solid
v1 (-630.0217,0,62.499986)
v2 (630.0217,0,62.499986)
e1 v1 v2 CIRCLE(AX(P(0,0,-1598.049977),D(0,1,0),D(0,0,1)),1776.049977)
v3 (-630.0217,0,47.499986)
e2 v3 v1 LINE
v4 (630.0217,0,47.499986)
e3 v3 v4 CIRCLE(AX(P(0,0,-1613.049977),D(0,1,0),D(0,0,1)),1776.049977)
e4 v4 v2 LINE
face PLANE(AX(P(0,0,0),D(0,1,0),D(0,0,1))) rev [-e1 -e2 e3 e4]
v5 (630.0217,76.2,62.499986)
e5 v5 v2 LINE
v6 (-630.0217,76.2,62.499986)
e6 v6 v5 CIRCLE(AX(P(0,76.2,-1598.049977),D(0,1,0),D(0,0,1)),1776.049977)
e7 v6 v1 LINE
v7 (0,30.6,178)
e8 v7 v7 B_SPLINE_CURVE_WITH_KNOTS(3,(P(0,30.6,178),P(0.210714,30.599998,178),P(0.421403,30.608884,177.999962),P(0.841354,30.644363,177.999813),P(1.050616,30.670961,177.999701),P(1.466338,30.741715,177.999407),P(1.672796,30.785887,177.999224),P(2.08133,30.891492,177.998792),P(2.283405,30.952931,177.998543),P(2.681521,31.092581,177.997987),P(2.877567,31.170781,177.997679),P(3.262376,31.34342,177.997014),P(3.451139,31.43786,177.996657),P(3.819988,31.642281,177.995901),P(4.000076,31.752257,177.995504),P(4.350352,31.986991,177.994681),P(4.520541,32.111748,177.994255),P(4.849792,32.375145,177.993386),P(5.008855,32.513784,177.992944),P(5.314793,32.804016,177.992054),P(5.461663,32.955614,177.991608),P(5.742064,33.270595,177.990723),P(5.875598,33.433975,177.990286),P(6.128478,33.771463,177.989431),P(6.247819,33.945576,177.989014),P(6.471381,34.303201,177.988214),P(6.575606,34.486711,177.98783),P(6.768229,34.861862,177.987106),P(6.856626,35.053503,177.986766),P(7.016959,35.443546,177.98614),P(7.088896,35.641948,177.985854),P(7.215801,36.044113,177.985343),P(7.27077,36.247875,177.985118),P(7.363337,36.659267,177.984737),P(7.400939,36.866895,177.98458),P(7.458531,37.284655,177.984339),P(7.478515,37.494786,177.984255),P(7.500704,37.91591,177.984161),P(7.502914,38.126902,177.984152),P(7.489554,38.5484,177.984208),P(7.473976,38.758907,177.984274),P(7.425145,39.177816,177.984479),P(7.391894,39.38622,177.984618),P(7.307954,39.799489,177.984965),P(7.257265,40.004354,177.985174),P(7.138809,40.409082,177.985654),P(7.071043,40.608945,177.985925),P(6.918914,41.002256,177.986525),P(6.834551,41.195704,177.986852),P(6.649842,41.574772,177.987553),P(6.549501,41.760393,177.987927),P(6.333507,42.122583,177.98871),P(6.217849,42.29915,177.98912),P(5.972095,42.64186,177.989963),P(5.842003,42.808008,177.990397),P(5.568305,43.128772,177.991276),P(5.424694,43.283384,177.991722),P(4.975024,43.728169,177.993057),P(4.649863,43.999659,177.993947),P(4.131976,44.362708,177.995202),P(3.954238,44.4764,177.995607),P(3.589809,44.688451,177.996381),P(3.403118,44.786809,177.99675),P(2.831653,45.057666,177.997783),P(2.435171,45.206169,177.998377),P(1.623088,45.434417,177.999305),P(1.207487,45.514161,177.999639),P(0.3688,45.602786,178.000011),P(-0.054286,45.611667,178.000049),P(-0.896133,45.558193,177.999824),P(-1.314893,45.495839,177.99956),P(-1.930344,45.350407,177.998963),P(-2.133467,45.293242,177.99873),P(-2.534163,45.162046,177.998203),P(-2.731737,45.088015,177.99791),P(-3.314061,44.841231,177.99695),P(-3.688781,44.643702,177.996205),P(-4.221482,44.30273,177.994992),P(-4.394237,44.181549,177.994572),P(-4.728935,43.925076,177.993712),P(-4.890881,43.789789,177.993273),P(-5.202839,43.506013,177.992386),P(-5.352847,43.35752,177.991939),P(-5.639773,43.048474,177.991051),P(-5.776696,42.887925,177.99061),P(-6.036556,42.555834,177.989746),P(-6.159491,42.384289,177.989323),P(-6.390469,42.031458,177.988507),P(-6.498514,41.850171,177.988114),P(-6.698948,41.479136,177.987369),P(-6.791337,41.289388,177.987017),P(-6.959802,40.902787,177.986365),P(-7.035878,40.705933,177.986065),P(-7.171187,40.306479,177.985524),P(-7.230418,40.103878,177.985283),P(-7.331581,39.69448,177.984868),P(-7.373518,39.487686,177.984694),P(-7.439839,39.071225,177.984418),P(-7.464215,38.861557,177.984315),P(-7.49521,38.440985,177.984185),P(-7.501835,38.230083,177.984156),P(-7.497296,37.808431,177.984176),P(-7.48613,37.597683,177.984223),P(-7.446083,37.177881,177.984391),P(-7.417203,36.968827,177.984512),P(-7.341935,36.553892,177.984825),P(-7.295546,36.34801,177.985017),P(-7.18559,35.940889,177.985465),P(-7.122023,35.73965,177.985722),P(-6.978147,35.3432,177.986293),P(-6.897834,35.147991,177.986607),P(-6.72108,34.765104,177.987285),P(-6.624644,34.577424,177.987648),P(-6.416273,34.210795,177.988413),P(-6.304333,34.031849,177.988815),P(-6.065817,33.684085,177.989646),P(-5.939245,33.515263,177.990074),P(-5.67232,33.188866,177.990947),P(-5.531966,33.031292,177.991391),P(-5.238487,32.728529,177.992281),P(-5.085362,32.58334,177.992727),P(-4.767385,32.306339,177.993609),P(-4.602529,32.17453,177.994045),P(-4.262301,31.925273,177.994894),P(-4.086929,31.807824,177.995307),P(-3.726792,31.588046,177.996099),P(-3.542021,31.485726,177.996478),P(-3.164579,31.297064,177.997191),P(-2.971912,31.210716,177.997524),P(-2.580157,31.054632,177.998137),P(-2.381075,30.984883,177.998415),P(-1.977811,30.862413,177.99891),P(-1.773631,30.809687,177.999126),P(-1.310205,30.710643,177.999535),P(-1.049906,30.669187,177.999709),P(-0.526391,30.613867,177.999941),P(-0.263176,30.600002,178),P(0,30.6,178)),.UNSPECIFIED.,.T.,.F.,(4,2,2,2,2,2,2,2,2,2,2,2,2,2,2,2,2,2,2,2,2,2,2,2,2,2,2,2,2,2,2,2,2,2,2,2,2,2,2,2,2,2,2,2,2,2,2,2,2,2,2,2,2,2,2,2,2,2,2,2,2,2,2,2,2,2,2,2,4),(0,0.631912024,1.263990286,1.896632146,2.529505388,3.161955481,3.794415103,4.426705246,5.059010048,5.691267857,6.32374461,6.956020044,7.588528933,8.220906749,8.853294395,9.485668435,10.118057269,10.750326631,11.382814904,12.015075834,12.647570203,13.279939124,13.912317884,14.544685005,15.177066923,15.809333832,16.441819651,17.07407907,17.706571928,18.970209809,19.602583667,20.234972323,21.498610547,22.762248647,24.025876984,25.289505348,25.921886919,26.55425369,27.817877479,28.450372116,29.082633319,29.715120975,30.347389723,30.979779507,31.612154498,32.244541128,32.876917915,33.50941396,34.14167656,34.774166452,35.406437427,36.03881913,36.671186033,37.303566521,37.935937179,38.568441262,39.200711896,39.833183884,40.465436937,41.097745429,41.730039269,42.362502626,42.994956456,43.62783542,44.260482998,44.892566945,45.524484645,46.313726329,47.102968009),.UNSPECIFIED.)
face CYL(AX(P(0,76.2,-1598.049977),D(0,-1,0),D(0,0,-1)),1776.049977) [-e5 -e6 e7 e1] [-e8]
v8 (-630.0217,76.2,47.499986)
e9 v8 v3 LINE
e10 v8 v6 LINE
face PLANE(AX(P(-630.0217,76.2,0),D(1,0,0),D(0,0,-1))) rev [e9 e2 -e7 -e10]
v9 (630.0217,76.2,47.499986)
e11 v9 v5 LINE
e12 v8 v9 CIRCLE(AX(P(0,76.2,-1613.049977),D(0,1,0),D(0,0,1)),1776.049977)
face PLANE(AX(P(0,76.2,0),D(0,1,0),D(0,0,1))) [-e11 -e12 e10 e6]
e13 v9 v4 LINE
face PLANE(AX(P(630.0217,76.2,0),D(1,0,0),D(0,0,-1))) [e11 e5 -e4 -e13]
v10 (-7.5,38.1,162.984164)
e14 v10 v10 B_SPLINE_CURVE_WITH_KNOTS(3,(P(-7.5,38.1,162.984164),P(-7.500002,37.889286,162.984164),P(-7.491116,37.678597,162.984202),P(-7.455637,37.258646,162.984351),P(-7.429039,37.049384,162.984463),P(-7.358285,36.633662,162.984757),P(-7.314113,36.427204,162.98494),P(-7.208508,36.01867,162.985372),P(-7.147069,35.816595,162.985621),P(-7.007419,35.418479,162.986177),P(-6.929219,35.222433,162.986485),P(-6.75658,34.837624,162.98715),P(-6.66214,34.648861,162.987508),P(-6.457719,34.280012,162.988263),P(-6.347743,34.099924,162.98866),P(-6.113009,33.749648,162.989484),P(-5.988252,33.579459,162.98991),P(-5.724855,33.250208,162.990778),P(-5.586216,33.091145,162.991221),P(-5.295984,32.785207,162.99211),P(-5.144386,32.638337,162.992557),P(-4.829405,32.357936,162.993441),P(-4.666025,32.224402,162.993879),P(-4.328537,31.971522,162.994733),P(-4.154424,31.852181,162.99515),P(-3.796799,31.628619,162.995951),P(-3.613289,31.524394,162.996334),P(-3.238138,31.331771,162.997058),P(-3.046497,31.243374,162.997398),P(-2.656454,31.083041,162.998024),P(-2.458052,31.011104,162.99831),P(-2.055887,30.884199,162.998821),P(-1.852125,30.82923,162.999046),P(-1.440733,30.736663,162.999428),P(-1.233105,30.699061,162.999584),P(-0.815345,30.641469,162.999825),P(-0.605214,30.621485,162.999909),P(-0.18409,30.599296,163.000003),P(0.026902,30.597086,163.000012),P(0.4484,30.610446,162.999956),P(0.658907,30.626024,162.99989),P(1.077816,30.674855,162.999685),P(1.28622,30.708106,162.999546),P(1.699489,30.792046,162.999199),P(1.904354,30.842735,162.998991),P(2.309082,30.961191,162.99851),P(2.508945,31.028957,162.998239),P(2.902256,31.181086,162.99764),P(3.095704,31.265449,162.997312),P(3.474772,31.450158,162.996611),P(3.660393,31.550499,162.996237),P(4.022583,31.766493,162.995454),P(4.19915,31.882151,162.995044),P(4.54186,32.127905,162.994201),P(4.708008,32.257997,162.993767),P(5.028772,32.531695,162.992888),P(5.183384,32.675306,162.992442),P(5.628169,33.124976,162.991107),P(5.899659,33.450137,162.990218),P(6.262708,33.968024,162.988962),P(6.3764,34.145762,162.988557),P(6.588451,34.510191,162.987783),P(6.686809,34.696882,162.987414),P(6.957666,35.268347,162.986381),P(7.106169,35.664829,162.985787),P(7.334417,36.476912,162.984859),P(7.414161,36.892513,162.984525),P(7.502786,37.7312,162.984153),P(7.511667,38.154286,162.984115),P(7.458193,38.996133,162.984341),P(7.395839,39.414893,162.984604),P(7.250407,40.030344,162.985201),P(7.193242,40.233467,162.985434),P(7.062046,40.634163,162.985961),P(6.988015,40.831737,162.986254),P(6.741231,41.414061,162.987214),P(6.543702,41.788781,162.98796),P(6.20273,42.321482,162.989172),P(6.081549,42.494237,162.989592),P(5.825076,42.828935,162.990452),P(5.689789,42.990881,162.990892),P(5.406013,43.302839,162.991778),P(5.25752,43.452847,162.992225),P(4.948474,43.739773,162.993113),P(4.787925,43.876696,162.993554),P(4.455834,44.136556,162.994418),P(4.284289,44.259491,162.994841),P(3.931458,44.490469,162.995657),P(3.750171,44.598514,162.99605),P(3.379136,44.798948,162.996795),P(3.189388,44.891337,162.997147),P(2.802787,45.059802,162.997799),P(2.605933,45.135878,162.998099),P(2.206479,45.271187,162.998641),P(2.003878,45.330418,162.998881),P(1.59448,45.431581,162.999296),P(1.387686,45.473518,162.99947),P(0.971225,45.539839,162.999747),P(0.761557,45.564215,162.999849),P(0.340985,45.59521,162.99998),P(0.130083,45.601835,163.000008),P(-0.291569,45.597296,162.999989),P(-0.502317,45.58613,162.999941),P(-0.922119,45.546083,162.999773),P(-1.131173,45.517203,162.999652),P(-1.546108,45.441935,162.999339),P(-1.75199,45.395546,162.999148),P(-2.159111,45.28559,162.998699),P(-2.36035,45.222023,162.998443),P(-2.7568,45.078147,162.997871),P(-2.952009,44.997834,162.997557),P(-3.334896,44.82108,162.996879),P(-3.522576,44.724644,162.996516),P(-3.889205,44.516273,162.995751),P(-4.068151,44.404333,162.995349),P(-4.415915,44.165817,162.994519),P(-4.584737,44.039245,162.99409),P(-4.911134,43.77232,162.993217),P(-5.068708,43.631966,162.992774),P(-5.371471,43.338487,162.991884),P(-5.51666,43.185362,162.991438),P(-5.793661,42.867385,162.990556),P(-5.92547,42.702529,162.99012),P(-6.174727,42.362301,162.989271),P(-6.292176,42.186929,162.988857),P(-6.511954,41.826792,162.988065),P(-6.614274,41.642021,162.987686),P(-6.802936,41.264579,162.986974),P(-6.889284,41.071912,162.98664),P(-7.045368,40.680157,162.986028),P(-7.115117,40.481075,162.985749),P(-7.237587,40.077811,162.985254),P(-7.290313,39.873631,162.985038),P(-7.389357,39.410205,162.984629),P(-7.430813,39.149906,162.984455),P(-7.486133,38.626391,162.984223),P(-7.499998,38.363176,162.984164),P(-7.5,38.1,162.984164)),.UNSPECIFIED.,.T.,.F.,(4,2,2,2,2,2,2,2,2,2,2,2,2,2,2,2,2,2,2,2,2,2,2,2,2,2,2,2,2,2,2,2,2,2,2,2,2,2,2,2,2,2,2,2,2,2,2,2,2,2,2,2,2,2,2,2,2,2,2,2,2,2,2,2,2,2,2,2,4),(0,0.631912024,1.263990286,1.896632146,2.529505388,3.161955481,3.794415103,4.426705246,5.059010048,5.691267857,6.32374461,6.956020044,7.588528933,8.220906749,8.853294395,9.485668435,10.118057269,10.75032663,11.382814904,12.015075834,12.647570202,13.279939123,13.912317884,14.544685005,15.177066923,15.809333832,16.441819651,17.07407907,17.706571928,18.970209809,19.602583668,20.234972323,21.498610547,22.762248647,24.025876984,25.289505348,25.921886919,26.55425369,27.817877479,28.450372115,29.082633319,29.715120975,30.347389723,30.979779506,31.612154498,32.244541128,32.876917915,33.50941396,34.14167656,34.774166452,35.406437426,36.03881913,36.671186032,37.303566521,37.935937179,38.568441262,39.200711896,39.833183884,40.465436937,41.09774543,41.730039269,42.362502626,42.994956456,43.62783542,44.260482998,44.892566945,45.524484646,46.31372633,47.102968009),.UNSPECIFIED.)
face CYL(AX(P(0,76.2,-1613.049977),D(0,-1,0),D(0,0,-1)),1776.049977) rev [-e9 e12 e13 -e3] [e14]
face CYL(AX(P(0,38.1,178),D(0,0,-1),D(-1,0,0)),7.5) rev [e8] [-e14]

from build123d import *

# Parameters (mm, degrees)
BOSS_EXTRUDE1_DEPTH = 76.2
SKETCH7_R           = 7.5
CUT_EXTRUDE1_DEPTH  = 179


with BuildPart() as part:
    # Sketch1 → Boss-Extrude1 (new body)
    with BuildSketch(Plane(origin=(0, 0, 0), x_dir=(1, 0, 0), z_dir=(0, 1, 0))):
        with BuildLine():
            Line((-630.021699517, -47.499985829), (-630.021699517, -62.499985829))
            ThreePointArc((-630.021699517, -62.499985829), (0, -178), (630.021699517, -62.499985829))
            Line((630.021699517, -62.499985829), (630.021699517, -47.499985829))
            ThreePointArc((630.021699517, -47.499985829), (0, -163), (-630.021699517, -47.499985829))
        make_face()
    extrude(amount=BOSS_EXTRUDE1_DEPTH)

    # Sketch7 → Cut-Extrude1 (cut, through all)
    with BuildSketch(Plane.XY):
        with Locations((0, 38.1)):
            Circle(SKETCH7_R)
    extrude(amount=CUT_EXTRUDE1_DEPTH, mode=Mode.SUBTRACT)


solid = part.part
